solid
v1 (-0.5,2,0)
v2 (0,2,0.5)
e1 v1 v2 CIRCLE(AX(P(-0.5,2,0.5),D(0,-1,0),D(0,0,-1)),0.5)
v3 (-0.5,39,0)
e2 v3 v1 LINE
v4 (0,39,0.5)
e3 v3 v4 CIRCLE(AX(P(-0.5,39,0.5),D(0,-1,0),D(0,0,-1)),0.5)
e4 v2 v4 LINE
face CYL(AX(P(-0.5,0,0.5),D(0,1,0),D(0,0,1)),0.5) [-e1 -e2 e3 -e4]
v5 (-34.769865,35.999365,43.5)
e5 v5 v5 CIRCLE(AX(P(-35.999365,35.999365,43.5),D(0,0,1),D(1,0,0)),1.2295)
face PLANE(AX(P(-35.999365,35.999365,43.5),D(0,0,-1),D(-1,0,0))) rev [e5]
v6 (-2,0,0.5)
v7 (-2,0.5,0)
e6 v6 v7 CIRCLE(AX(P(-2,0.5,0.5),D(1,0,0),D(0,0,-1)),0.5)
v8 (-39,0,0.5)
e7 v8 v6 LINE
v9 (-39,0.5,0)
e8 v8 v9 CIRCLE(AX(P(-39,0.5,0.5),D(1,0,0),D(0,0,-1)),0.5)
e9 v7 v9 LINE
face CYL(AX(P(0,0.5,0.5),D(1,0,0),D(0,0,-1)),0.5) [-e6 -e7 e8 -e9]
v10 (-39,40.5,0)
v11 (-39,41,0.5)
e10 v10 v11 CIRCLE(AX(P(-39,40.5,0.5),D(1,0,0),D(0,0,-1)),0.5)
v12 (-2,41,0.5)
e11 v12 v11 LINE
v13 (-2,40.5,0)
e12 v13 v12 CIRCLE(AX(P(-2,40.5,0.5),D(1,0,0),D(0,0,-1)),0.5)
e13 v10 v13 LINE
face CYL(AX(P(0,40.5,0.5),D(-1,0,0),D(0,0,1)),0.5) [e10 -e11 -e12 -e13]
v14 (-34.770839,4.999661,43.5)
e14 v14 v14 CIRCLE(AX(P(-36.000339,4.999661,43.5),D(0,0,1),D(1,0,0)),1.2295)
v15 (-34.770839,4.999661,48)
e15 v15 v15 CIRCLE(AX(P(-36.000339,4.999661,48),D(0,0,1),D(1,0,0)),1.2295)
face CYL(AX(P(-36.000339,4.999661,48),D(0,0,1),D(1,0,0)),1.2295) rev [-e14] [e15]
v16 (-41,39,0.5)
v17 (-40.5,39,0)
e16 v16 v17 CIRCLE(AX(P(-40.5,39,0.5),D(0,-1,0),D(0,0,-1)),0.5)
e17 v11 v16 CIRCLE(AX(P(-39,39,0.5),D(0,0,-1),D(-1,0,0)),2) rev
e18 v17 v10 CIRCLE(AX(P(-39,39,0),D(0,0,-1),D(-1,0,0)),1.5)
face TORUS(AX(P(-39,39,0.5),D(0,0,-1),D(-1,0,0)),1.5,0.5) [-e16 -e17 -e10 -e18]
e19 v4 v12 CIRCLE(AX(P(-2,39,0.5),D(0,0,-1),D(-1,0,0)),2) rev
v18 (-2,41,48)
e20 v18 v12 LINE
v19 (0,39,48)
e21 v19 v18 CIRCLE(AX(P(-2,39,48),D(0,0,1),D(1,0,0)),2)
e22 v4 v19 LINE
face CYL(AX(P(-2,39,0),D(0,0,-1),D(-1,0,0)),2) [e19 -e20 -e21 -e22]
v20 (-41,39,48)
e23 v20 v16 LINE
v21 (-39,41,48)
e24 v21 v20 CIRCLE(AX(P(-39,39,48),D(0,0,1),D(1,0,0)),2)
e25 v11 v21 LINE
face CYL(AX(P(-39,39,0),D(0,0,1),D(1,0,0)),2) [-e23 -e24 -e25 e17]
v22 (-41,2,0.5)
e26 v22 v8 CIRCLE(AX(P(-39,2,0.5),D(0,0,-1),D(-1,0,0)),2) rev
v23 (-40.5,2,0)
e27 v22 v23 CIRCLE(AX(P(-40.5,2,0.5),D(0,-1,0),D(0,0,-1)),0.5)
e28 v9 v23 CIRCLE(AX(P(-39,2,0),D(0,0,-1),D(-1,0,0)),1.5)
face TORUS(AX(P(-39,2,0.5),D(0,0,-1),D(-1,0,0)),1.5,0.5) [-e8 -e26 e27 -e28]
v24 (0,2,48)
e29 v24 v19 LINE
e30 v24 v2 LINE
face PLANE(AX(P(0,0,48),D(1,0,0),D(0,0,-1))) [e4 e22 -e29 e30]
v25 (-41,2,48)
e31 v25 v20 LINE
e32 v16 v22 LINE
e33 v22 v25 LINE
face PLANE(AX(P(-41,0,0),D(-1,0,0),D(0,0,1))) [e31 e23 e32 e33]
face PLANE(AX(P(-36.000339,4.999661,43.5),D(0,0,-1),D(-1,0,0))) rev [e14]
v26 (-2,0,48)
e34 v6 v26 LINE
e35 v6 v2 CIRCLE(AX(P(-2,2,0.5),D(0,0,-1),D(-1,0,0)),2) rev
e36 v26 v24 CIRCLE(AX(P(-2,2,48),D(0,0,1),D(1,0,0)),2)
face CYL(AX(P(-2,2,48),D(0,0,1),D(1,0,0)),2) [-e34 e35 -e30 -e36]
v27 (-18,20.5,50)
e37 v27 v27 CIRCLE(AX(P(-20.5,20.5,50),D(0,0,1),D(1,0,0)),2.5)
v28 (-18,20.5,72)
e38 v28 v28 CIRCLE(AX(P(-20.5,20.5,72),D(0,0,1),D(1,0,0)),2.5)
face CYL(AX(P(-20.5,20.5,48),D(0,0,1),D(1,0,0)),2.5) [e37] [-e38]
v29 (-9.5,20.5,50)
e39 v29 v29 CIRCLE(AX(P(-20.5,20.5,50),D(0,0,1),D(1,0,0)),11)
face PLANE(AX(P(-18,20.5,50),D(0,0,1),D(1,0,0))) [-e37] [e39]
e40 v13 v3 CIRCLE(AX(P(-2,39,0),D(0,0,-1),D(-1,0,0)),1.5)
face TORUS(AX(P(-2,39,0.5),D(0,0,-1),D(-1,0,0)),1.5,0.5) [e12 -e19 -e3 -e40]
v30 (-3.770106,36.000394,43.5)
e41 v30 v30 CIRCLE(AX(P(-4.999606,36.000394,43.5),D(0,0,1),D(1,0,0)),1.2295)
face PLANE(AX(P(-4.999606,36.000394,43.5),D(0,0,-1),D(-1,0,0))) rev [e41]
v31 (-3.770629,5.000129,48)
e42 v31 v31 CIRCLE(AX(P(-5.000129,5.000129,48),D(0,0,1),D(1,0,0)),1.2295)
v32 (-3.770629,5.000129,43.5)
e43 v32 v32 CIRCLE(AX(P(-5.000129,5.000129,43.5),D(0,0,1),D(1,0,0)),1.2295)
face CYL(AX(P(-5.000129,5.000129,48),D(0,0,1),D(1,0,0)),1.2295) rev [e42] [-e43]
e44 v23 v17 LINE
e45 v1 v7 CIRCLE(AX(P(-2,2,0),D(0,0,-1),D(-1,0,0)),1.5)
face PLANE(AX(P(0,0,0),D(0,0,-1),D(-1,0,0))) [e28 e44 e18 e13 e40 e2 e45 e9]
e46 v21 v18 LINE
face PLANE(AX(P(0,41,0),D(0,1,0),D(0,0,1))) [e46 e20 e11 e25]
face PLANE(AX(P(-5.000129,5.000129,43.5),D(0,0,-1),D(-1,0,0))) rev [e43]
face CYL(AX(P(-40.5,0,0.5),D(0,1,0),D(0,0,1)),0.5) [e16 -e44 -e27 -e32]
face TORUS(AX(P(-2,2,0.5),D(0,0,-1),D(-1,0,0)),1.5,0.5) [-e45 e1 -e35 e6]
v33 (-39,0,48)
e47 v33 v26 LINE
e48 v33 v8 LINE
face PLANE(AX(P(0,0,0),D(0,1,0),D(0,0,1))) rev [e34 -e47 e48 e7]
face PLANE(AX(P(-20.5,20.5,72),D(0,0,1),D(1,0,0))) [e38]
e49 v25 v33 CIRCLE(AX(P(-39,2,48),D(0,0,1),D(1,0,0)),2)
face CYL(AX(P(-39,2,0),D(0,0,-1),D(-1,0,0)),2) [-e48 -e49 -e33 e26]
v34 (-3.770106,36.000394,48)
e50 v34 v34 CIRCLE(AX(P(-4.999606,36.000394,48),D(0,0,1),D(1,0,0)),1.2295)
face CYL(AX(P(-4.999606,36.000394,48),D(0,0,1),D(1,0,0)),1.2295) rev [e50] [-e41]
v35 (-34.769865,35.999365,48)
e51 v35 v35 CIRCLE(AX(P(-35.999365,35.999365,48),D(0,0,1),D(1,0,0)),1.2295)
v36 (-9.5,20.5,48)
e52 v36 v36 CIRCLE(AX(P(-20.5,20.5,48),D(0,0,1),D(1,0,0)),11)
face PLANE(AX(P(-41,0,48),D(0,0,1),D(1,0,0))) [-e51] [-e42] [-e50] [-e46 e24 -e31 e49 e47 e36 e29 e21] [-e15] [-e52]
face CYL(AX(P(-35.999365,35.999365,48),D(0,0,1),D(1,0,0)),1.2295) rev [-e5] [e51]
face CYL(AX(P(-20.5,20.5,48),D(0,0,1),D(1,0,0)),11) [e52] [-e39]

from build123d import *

# Parameters (mm, degrees)
SKETCH1_W                = 41
SKETCH1_H                = 48
BOSS_EXTRUDE1_DEPTH      = 41
M2_CLEARANCE_HOLE1_D     = 2.459
M2_CLEARANCE_HOLE1_DEPTH = 4.5
FILLET1_R                = 2
FILLET2_R                = 0.5


with BuildPart() as part:
    # Sketch1 → Boss-Extrude1 (new body)
    with BuildSketch(Plane(origin=(0, 41, 0), x_dir=(1, 0, 0), z_dir=(0, 1, 0))):
        with Locations((-20.5, -24)):
            Rectangle(SKETCH1_W, SKETCH1_H)
    extrude(amount=-BOSS_EXTRUDE1_DEPTH)

    # Sketch2 → Revolve1 (revolve)
    with BuildSketch(Plane(origin=(0, 20.5, 0), x_dir=(1, 0, 0), z_dir=(0, 1, 0))):
        Polygon((-9.5, -48), (-20.5, -48), (-20.5, -72), (-18, -72), (-18, -50), (-9.5, -50), align=None)
    revolve(axis=Axis((-20.5, 20.5, 48), (0, 0, 1)))

    # M2 Clearance Hole1
    with Locations(Plane.XY.offset(48)):
        with Locations((-36.000338928, 4.999660985), (-5.000129304, 5.00012938), (-4.999606235, 36.000393851), (-35.999364901, 35.999364804)):
            Hole(M2_CLEARANCE_HOLE1_D / 2, depth=M2_CLEARANCE_HOLE1_DEPTH)

    # Fillet1
    fillet1_edges = [part.edges().sort_by_distance(p)[0] for p in [
        (0, 0, 24),
        (-41, 0, 24),
        (0, 41, 24),
        (-41, 41, 24),
    ]]
    fillet(fillet1_edges, radius=FILLET1_R)

    # Fillet2
    fillet2_edges = [part.edges().sort_by_distance(p)[0] for p in [
        (-20.5, 41, 0),
        (-41, 20.5, 0),
        (0, 20.5, 0),
        (-20.5, 0, 0),
        (-0.585786438, 0.585786438, 0),
        (-40.414213562, 0.585786438, 0),
        (-0.585786438, 40.414213562, 0),
        (-40.414213562, 40.414213562, 0),
    ]]
    fillet(fillet2_edges, radius=FILLET2_R)


solid = part.part
